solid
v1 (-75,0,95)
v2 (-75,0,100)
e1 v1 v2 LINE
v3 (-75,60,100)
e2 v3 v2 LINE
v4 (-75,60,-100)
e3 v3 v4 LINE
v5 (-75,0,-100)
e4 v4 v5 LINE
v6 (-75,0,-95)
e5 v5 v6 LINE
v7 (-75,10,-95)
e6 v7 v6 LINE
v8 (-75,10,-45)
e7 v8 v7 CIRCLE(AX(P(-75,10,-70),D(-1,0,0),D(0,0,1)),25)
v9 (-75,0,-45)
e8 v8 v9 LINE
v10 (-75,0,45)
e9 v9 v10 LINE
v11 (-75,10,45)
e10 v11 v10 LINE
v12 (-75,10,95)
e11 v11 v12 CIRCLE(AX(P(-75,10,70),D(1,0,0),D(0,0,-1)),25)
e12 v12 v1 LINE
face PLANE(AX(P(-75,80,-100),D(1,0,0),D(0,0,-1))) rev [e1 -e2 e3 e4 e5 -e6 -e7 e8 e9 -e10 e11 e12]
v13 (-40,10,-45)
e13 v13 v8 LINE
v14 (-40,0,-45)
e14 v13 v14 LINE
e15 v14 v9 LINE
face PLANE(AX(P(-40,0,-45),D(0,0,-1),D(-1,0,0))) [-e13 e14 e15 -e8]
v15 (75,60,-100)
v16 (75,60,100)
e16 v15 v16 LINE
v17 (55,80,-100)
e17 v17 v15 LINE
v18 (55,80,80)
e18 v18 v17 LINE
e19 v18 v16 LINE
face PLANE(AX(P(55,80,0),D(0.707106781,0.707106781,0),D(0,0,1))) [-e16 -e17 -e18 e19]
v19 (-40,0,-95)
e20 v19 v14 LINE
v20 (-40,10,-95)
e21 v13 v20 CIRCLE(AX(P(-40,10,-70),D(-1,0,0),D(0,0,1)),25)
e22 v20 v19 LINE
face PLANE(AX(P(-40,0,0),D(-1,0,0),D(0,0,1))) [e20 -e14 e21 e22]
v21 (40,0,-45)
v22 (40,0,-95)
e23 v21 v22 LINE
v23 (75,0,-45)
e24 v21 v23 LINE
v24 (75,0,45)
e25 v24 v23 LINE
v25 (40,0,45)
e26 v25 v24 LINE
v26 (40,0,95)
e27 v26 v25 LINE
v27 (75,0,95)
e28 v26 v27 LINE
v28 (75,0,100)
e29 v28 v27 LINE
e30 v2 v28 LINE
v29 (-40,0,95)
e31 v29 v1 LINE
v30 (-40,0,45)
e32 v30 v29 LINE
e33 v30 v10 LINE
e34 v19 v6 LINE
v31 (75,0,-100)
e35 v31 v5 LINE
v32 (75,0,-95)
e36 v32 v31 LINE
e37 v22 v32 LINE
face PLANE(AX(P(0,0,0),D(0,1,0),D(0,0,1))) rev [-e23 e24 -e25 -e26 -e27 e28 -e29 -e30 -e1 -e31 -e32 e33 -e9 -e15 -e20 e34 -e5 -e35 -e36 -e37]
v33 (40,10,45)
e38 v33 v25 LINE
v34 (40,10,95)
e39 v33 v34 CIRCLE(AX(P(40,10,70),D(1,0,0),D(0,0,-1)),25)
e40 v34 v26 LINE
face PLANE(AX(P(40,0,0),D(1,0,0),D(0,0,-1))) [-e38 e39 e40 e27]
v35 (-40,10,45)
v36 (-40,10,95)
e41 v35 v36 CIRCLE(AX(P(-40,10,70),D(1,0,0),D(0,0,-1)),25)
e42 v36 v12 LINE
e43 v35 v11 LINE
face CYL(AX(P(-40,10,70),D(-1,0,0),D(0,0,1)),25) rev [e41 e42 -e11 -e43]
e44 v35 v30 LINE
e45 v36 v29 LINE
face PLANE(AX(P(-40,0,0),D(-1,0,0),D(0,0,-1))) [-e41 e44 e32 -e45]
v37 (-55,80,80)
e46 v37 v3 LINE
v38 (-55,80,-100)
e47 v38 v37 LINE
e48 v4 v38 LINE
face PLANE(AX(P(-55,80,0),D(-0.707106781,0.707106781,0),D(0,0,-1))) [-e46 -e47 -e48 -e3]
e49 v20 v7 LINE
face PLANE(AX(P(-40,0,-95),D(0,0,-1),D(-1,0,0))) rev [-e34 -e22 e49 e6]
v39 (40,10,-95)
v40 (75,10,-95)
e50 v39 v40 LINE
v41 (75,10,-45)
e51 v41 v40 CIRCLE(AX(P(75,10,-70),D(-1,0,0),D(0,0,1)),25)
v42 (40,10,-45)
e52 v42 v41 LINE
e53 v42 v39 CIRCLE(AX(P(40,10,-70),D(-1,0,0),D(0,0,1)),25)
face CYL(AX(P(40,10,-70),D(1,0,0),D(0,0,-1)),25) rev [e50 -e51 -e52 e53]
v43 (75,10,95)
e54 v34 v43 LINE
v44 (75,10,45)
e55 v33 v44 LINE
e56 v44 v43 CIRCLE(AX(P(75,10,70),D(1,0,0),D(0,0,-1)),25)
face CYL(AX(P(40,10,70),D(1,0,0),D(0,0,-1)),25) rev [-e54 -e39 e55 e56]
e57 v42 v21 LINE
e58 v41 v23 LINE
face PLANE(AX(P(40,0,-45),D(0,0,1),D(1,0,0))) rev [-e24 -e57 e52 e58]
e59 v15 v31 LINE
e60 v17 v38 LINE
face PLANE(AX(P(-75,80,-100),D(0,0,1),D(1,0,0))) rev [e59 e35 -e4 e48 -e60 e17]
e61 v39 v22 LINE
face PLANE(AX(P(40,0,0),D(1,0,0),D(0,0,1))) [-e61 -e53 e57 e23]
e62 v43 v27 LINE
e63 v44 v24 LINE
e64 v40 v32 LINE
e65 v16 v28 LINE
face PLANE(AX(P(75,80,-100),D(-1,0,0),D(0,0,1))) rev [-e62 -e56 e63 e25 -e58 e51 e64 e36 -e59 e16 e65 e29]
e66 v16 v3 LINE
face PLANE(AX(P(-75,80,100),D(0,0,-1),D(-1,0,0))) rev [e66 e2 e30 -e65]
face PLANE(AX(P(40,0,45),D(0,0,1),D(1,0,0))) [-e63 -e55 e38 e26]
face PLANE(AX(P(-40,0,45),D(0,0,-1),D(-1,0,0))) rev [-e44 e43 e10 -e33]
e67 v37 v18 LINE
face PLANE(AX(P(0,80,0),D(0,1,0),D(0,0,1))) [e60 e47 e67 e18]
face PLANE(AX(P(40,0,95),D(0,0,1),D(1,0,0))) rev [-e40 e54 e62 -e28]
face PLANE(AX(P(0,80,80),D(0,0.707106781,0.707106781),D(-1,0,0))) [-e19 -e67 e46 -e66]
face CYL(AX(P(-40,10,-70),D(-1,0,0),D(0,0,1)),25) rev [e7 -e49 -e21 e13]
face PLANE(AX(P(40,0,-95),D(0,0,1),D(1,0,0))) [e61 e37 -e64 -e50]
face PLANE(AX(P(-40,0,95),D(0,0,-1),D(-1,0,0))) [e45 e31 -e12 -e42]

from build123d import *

# Parameters (mm, degrees)
SKETCH1_W            = 150
SKETCH1_H            = 200
BOSS_EXTRUDE1_DEPTH  = 80
CUT_EXTRUDE3_DEPTH   = 35
MIRROR2_COPY_1_DEPTH = 35
CHAMFER1_SIZE        = 20


with BuildPart() as part:
    # Sketch1 → Boss-Extrude1 (new body)
    with BuildSketch(Plane(origin=(0, 0, 0), x_dir=(1, 0, 0), z_dir=(0, 1, 0))):
        Rectangle(SKETCH1_W, SKETCH1_H)
    extrude(amount=BOSS_EXTRUDE1_DEPTH)

    # Sketch4 → Cut-Extrude3 (cut)
    with BuildSketch(Plane.ZY.offset(75)):
        with BuildLine():
            Line((-92.912878475, 0), (-95, 0))
            Line((-95, 0), (-95, -15))
            Line((-95, -15), (-70, -15))
            ThreePointArc((-70, -15), (-83.693063938, -10.916500663), (-92.912878475, 0))
        make_face()
        with BuildLine():
            ThreePointArc((-92.912878475, 0), (-94.472657823, 4.892258908), (-95, 10))
            Line((-95, 10), (-95, 0))
            Line((-95, 0), (-92.912878475, 0))
        make_face()
        with BuildLine():
            Line((-45, 10), (-95, 10))
            ThreePointArc((-95, 10), (-94.472657823, 4.892258908), (-92.912878475, 0))
            Line((-92.912878475, 0), (-47.087121525, 0))
            ThreePointArc((-47.087121525, 0), (-45.527342177, 4.892258908), (-45, 10))
        make_face()
        with BuildLine():
            ThreePointArc((-45, 10), (-70, 35), (-95, 10))
            Line((-95, 10), (-45, 10))
        make_face()
        with BuildLine():
            Line((-45, 0), (-45, 10))
            ThreePointArc((-45, 10), (-45.527342177, 4.892258908), (-47.087121525, 0))
            Line((-47.087121525, 0), (-45, 0))
        make_face()
        with BuildLine():
            Line((-45, -15), (-45, 0))
            Line((-45, 0), (-47.087121525, 0))
            ThreePointArc((-47.087121525, 0), (-56.306936062, -10.916500663), (-70, -15))
            Line((-70, -15), (-45, -15))
        make_face()
        with BuildLine():
            Line((-47.087121525, 0), (-92.912878475, 0))
            ThreePointArc((-92.912878475, 0), (-83.693063938, -10.916500663), (-70, -15))
            ThreePointArc((-70, -15), (-56.306936062, -10.916500663), (-47.087121525, 0))
        make_face()
    cut_extrude3 = extrude(amount=-CUT_EXTRUDE3_DEPTH, mode=Mode.SUBTRACT)

    # Mirror1: Cut-Extrude3 across plane
    add(cut_extrude3.mirror(Plane.XY), mode=Mode.SUBTRACT)

    # Mirror2: Cut-Extrude3 across plane
    add(cut_extrude3.mirror(Plane.ZY), mode=Mode.SUBTRACT)

    # Mirror2 copy 1 sketch → Mirror2 copy 1 (cut)
    with BuildSketch(Plane(origin=(75, 0, 0), x_dir=(0, 0, -1), z_dir=(1, 0, 0))):
        with BuildLine():
            Line((-92.912878475, 0), (-95, 0))
            Line((-95, 0), (-95, -15))
            Line((-95, -15), (-70, -15))
            ThreePointArc((-70, -15), (-83.693063938, -10.916500663), (-92.912878475, 0))
        make_face()
        with BuildLine():
            ThreePointArc((-92.912878475, 0), (-94.472657823, 4.892258908), (-95, 10))
            Line((-95, 10), (-95, 0))
            Line((-95, 0), (-92.912878475, 0))
        make_face()
        with BuildLine():
            Line((-45, 10), (-95, 10))
            ThreePointArc((-95, 10), (-94.472657823, 4.892258908), (-92.912878475, 0))
            Line((-92.912878475, 0), (-47.087121525, 0))
            ThreePointArc((-47.087121525, 0), (-45.527342177, 4.892258908), (-45, 10))
        make_face()
        with BuildLine():
            ThreePointArc((-45, 10), (-70, 35), (-95, 10))
            Line((-95, 10), (-45, 10))
        make_face()
        with BuildLine():
            Line((-45, 0), (-45, 10))
            ThreePointArc((-45, 10), (-45.527342177, 4.892258908), (-47.087121525, 0))
            Line((-47.087121525, 0), (-45, 0))
        make_face()
        with BuildLine():
            Line((-45, -15), (-45, 0))
            Line((-45, 0), (-47.087121525, 0))
            ThreePointArc((-47.087121525, 0), (-56.306936062, -10.916500663), (-70, -15))
            Line((-70, -15), (-45, -15))
        make_face()
        with BuildLine():
            Line((-47.087121525, 0), (-92.912878475, 0))
            ThreePointArc((-92.912878475, 0), (-83.693063938, -10.916500663), (-70, -15))
            ThreePointArc((-70, -15), (-56.306936062, -10.916500663), (-47.087121525, 0))
        make_face()
    extrude(amount=-MIRROR2_COPY_1_DEPTH, mode=Mode.SUBTRACT)

    # Chamfer1
    chamfer1_edges = [part.edges().sort_by_distance(p)[0] for p in [
        (-75, 80, 0),
        (0, 80, 100),
        (75, 80, 0),
    ]]
    chamfer(chamfer1_edges, length=CHAMFER1_SIZE)


solid = part.part
